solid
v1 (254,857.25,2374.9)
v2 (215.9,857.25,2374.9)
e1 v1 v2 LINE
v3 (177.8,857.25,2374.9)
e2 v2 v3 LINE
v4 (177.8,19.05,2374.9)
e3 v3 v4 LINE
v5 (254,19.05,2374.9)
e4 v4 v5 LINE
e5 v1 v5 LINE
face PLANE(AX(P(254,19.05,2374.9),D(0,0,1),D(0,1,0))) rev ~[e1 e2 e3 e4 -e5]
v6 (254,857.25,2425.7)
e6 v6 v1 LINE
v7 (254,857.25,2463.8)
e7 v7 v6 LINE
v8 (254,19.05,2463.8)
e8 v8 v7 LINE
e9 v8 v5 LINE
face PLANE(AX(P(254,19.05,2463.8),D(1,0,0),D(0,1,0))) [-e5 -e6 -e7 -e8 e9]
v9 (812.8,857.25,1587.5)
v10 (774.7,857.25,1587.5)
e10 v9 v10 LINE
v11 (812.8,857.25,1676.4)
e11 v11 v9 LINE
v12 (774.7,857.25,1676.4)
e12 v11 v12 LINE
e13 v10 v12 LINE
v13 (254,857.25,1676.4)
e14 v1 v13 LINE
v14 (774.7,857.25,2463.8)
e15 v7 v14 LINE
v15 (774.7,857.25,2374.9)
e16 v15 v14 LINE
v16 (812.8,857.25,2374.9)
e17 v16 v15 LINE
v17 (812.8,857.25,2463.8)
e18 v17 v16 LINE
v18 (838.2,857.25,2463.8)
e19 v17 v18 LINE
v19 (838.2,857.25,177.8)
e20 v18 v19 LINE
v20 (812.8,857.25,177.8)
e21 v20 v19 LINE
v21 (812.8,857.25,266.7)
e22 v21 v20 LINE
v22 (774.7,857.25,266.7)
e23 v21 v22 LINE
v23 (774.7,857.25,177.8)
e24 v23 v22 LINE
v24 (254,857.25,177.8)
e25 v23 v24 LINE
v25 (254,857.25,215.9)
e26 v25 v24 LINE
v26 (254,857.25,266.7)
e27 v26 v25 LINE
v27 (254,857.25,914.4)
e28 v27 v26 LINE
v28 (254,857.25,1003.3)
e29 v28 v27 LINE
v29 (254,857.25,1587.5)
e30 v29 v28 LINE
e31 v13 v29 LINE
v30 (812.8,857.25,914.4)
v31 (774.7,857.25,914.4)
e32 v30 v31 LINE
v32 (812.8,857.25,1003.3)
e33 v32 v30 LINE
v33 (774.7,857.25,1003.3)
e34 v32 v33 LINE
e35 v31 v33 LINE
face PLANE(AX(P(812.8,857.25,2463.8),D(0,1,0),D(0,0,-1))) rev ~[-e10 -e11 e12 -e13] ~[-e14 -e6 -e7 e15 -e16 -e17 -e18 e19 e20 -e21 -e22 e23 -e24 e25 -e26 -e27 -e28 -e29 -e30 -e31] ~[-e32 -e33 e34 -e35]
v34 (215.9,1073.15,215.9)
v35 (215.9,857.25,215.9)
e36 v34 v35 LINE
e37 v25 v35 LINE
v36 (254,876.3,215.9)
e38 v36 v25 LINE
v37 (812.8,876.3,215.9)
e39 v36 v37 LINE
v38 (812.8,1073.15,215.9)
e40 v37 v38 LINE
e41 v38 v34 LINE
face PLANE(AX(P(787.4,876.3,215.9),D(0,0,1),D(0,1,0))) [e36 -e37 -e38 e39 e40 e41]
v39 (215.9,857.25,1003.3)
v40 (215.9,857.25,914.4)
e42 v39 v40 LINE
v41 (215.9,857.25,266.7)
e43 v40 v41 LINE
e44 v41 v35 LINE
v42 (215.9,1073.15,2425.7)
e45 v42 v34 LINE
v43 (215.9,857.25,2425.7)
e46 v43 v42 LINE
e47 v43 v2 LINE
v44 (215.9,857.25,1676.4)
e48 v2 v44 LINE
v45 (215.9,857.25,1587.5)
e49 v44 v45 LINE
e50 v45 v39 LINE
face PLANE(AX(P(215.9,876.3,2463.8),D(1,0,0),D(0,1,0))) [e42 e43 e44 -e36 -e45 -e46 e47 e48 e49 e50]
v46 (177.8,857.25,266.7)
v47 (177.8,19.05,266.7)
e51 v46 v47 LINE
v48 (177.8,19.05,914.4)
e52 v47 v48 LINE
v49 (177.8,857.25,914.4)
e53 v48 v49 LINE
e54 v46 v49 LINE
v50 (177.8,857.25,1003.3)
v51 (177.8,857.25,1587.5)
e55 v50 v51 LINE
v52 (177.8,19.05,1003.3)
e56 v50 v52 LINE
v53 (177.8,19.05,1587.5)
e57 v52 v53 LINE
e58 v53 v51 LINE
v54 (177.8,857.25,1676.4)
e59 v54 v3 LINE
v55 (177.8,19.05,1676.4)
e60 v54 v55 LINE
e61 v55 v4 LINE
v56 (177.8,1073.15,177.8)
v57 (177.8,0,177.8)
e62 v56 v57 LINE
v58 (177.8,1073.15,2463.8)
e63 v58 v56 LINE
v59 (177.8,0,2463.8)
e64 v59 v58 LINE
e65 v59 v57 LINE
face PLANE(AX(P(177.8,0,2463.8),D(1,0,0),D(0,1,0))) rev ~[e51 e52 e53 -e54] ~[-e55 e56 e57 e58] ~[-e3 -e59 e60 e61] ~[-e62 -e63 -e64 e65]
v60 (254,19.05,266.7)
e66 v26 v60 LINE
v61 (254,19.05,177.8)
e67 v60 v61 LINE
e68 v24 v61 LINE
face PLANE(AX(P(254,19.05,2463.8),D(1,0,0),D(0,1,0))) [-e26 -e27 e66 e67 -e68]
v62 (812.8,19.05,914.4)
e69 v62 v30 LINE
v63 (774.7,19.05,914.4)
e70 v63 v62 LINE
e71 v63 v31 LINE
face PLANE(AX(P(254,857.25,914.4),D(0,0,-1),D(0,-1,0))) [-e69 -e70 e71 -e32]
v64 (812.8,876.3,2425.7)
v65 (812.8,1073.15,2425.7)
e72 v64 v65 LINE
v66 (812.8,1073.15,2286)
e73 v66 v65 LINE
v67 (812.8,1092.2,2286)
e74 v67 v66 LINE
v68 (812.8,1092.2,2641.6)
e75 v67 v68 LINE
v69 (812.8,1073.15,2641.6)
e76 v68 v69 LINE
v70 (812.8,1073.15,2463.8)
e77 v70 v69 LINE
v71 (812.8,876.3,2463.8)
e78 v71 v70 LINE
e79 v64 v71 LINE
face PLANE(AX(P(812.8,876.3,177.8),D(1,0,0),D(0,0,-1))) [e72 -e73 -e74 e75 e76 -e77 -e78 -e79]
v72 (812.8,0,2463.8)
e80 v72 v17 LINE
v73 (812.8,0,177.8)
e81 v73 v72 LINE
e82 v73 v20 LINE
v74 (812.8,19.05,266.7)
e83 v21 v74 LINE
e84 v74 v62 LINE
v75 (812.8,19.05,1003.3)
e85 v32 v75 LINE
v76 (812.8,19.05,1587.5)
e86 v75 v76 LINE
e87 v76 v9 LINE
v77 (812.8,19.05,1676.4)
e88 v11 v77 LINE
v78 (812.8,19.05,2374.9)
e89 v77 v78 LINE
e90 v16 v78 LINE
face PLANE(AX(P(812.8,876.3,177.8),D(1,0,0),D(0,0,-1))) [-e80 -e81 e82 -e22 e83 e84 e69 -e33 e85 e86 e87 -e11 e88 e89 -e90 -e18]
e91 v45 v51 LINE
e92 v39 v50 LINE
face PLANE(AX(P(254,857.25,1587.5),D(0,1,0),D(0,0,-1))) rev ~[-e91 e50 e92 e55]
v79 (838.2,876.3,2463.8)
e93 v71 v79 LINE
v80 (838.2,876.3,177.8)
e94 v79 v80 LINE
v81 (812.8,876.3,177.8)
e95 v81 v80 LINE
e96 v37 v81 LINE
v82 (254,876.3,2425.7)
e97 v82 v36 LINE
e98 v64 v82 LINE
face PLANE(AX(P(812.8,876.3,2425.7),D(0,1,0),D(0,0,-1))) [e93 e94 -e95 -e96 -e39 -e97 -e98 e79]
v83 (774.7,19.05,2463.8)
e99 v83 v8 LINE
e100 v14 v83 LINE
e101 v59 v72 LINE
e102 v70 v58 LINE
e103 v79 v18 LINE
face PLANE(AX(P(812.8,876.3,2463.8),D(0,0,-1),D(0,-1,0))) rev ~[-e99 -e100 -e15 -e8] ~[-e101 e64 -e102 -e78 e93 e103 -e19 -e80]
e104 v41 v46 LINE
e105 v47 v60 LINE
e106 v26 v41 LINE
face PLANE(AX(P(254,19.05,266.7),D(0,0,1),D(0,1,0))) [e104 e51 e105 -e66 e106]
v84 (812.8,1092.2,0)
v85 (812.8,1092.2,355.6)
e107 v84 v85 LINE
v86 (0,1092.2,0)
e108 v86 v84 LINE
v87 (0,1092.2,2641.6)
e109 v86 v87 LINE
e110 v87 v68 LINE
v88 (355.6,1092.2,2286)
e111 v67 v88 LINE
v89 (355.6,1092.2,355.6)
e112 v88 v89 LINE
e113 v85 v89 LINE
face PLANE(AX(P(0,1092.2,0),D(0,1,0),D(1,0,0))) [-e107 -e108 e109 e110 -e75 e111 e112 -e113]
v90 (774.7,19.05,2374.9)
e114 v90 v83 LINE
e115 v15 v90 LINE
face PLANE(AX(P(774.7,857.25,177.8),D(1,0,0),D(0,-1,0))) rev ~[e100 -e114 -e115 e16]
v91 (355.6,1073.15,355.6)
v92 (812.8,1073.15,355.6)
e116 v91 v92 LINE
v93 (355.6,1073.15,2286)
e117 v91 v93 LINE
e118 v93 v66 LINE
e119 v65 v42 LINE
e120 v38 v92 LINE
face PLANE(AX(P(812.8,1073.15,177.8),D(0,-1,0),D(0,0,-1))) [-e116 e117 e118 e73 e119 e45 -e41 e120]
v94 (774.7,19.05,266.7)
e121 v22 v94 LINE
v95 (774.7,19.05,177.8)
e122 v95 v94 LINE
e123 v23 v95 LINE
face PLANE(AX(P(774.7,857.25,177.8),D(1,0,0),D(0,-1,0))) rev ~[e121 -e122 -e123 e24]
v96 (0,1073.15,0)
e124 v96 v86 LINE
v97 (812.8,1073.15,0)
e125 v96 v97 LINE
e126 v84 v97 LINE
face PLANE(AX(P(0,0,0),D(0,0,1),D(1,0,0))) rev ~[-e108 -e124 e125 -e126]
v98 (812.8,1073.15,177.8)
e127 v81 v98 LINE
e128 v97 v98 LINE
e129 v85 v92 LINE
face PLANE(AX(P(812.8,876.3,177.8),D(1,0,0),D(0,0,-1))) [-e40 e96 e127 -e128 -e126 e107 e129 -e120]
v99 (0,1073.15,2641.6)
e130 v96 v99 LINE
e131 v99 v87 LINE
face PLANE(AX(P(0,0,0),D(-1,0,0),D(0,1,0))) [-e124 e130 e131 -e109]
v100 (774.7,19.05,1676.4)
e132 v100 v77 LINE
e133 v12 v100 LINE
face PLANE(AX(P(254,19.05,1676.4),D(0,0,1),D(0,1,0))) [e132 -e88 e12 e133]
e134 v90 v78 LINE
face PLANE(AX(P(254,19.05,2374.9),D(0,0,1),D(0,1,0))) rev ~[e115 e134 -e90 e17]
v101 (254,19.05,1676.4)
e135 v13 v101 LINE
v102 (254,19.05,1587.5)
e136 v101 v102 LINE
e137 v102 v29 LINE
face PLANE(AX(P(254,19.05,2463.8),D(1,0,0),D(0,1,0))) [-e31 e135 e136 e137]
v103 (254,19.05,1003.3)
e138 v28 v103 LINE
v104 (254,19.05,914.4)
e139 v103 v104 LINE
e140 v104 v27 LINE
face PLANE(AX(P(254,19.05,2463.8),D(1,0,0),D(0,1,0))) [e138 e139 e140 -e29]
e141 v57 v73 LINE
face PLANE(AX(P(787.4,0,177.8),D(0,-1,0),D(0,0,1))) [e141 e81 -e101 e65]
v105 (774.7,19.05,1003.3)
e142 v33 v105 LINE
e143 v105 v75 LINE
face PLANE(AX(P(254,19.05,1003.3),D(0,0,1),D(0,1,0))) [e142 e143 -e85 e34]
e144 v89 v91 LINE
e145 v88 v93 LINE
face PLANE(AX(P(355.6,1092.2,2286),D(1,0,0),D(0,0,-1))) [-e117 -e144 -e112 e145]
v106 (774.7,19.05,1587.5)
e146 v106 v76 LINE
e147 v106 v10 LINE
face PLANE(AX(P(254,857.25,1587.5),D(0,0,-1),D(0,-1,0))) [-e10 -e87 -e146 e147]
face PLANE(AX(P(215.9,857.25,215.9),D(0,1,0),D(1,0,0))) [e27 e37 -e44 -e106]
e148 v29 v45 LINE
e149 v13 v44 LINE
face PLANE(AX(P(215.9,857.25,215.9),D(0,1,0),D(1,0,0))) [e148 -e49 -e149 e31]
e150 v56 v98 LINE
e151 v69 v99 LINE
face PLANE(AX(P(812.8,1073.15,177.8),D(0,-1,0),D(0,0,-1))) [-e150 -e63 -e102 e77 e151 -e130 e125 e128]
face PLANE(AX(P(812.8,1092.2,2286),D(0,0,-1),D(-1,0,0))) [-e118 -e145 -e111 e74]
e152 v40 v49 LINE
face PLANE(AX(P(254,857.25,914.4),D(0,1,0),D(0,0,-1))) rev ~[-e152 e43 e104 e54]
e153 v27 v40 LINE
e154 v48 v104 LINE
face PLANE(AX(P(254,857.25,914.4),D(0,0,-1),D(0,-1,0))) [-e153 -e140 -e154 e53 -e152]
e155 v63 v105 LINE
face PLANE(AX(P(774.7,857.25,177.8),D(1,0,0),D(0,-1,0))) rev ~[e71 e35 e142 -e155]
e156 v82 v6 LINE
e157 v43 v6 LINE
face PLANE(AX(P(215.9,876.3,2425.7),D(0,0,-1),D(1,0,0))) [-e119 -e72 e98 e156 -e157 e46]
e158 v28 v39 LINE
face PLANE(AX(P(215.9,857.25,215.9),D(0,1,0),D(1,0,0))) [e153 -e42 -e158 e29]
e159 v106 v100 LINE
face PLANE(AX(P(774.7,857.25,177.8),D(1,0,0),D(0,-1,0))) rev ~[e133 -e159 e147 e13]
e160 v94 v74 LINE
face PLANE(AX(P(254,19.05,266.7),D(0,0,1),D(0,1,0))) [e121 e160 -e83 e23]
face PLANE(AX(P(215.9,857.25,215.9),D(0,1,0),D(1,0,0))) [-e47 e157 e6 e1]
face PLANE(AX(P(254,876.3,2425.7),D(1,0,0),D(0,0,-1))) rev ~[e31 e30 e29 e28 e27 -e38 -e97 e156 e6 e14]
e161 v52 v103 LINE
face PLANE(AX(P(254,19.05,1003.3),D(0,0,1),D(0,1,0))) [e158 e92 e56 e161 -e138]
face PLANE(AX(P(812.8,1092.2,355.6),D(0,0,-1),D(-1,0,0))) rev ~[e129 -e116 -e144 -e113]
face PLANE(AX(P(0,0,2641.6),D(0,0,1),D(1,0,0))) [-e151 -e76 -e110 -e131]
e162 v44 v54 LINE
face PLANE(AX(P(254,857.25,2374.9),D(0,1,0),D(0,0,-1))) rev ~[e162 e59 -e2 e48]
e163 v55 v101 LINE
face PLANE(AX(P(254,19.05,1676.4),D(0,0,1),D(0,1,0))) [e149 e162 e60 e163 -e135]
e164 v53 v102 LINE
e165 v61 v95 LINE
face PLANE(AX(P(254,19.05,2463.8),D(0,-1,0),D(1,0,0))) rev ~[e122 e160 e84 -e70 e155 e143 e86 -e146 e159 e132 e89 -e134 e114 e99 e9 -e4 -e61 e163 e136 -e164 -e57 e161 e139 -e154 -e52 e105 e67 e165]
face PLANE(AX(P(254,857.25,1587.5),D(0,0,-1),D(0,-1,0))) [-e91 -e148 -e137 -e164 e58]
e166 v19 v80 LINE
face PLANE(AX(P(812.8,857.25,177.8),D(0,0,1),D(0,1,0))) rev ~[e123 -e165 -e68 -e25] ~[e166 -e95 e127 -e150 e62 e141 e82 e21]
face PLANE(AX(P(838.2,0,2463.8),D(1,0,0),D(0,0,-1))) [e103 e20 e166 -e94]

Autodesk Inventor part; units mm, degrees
ref_plane "YZ Plane" through (0, 0, 0) normal (1, 0, 0) x (0, 1, 0)
ref_plane "XZ Plane" through (0, 0, 0) normal (0, 1, 0) x (-1, 0, 0)
ref_plane "XY Plane" through (0, 0, 0) normal (0, 0, 1) x (1, 0, 0)
sketch "Sketch1" plane through (0, 0, 0) normal (0, 0, 1) x (1, 0, 0)
  line L0 (0, 0) -> (0, 1092.2)
  line L1 (0, 1092.2) -> (812.8, 1092.2)
  line L2 (812.8, 1092.2) -> (812.8, 0)
  line L3 (812.8, 0) -> (0, 0)
  dimension "d0" = 1092.2
  dimension "d1" = 812.8
extrude "Extrusion1" add sketch "Sketch1" along normal blind 2641.6
sketch "Sketch2" plane through (812.8, 0, 0) normal (1, 0, 0) x (0, 0, -1)
  line L0 (-2641.6, 1092.2) -> (-2641.6, 0) projected
  line L1 (-2641.6, 0) -> (-2463.8, 0)
  line L2 (0, 0) -> (-2641.6, 0) projected
  line L3 (-2463.8, 0) -> (-2463.8, 1073.15)
  line L4 (-2463.8, 1073.15) -> (-2641.6, 1073.15)
  line L5 (-2641.6, 1073.15) -> (-2641.6, 0)
  line L6 (0, 1092.2) -> (0, 0) projected
  line L7 (0, 0) -> (-177.8, 0)
  line L8 (-177.8, 0) -> (-177.8, 1073.15)
  line L9 (-177.8, 1073.15) -> (0, 1073.15)
  line L10 (0, 1073.15) -> (0, 0)
  dimension "d4" = 177.8
  dimension "d5" = 1073.15
  dimension "d6" = 177.8
  dimension "d7" = 1073.15
extrude "Extrusion2" cut sketch "Sketch2" against normal blind 2641.6
sketch "Sketch3" plane through (812.8, 0, 2463.8) normal (0, 0, 1) x (1, 0, 0)
  line L0 (0, 0) -> (-812.8, 0) projected
  line L1 (-812.8, 0) -> (-635, 0)
  line L2 (-635, 0) -> (-635, 1073.15)
  line L3 (-812.8, 1073.15) -> (0, 1073.15) projected
  line L4 (-812.8, 1073.15) -> (-812.8, 0)
  line L5 (-812.8, 1092.2) -> (-812.8, 1073.15) projected
  line L6 (-635, 1073.15) -> (-812.8, 1073.15)
  dimension "d10" = 177.8
extrude "Extrusion3" cut sketch "Sketch3" against normal blind 2641.6
sketch "Sketch4" plane through (812.8, 0, 2463.8) normal (0, 0, 1) x (1, 0, 0)
  line L0 (0, 1073.15) -> (0, 0) projected
  line L1 (-635, 1073.15) -> (-635, 0) projected
  line L2 (-635, 0) -> (0, 0) projected
  line L3 (-635, 0) -> (-596.9, 0)
  line L4 (-596.9, 0) -> (-596.9, 19.05)
  line L5 (-596.9, 19.05) -> (-635, 19.05)
  line L6 (0, 0) -> (0, 1073.15) projected
  line L7 (0, 0) -> (0, 19.05)
  line L8 (0, 0) -> (-596.9, 0)
  line L9 (-596.9, 19.05) -> (-596.9, 1073.15)
  line L10 (-812.8, 1073.15) -> (0, 1073.15) projected
  line L11 (-635, 1073.15) -> (-596.9, 1073.15)
  line L12 (-635, 1073.15) -> (-635, 19.05)
  line L13 (-596.9, 19.05) -> (-558.8, 19.05)
  line L14 (-558.8, 19.05) -> (-558.8, 857.25)
  line L15 (-558.8, 857.25) -> (-596.9, 857.25)
  line L16 (-635, 0) -> (-635, 19.05)
  line L17 (-635, 19.05) -> (-25.4, 19.05)
  line L18 (-25.4, 19.05) -> (-25.4, 0)
  line L19 (-635, 0) -> (-25.4, 0)
  line L20 (-25.4, 19.05) -> (-63.5, 19.05)
  line L21 (-63.5, 19.05) -> (-63.5, 857.25)
  line L22 (-63.5, 857.25) -> (-25.4, 857.25)
  line L23 (-25.4, 857.25) -> (-25.4, 19.05)
  line L24 (-596.9, 857.25) -> (-596.9, 876.3)
  line L25 (-596.9, 876.3) -> (-25.4, 876.3)
  line L26 (-25.4, 876.3) -> (-25.4, 857.25)
  line L27 (-25.4, 857.25) -> (-596.9, 857.25)
  line L28 (-596.9, 876.3) -> (-596.9, 1092.2)
  line L29 (0, 1092.2) -> (-812.8, 1092.2) projected
  line L30 (-596.9, 1092.2) -> (0, 1092.2)
  line L31 (0, 1092.2) -> (0, 876.3)
  line L32 (-596.9, 876.3) -> (0, 876.3)
  line L33 (0, 876.3) -> (-25.4, 876.3)
  line L34 (-25.4, 876.3) -> (-25.4, 0)
  line L35 (0, 0) -> (-25.4, 0)
  line L36 (0, 0) -> (0, 876.3)
  point P0 (-812.8, 0)
  point P1 (-63.5, 857.25)
  point P2 (-25.4, 0)
  dimension "d13" = 635
  dimension "d15" = 19.05
  dimension "d16" = 38.1
  dimension "d17" = 838.2
  dimension "d18" = 609.6
  dimension "d19" = 38.1
  dimension "d20" = 838.2
  dimension "d21" = 19.05
extrude "Extrusion4" cut sketch "Sketch4" against normal blind 2641.6 contours L0 L32 L25 L9 L10 | L0 L2 L18 L23 L26 L32 | L21 L17 L14 L27
sketch "Sketch6" plane through (0, 1092.2, 0) normal (0, 1, 0) x (1, 0, 0)
  line L0 (0, 0) -> (0, -2641.6) projected
  line L1 (0, 0) -> (0, -177.8)
  line L2 (177.8, -2463.8) -> (177.8, -177.8) projected
  line L3 (0, -177.8) -> (177.8, -177.8)
  line L4 (177.8, -177.8) -> (355.6, -177.8)
  line L5 (177.8, -177.8) -> (787.4, -177.8) projected
  line L6 (177.8, -177.8) -> (177.8, 0)
  line L7 (812.8, 0) -> (0, 0) projected
  line L8 (177.8, 0) -> (812.8, 0)
  line L9 (812.8, -2641.6) -> (812.8, 0) projected
  line L10 (812.8, 0) -> (812.8, -355.6)
  line L11 (812.8, -355.6) -> (355.6, -355.6)
  line L12 (812.8, -2641.6) -> (812.8, -2286)
  line L13 (812.8, -2286) -> (355.6, -2286)
  line L14 (355.6, -2286) -> (355.6, -355.6)
  line L15 (812.8, -355.6) -> (812.8, -2286)
  dimension "d25" = 177.8
  dimension "d26" = 177.8
  dimension "d27" = 355.6
  dimension "d28" = 457.2
  dimension "d29" = 355.6
extrude "Extrusion5" cut sketch "Sketch6" against normal blind 25.4 contours L9 L13 L14 L11
sketch "Sketch7" plane through (215.9, 876.3, 2463.8) normal (0, 1, 0) x (1, 0, 0)
  line L0 (571.5, 0) -> (571.5, 2286) projected
  line L1 (0, 2286) -> (571.5, 2286)
  line L2 (571.5, 2286) -> (571.5, 2247.9)
  line L3 (0, 0) -> (0, 2286) projected
  line L4 (0, 2286) -> (0, 2247.9)
  line L5 (0, 2247.9) -> (571.5, 2247.9)
  line L6 (0, 0) -> (0, 38.1)
  line L7 (0, 38.1) -> (571.5, 38.1)
  line L8 (571.5, 0) -> (571.5, 38.1)
  line L9 (571.5, 0) -> (0, 0)
  point P0 (-215.9, 2463.8)
  point P1 (0, 38.1)
  dimension "d32" = 38.1
  dimension "d33" = 38.1
  dimension "d34" = 38.1
extrude "Extrusion6" add sketch "Sketch7" along normal blind 203.2 contours L9 L3 L7 L0 | L5 L3 L1 L0
sketch "Sketch8" plane through (177.8, 0, 177.8) normal (0, -1, 0) x (1, 0, 0)
  line L0 (609.6, 0) -> (609.6, 2286) projected
  line L1 (0, 2286) -> (0, 0) projected
  point P0 (-177.8, -177.8)
sketch "Sketch9" plane through (787.4, 0, 2463.8) normal (1, 0, 0) x (0, 0, -1)
  line L0 (38.1, 876.3) -> (2247.9, 876.3) projected
  line L1 (38.1, 876.3) -> (0, 876.3)
  line L2 (0, 1073.15) -> (0, 0) projected
  line L3 (0, 19.05) -> (0, 857.25) projected
  line L4 (0, 876.3) -> (0, 857.25)
  line L5 (0, 857.25) -> (2286, 857.25) projected
  line L6 (0, 857.25) -> (2286, 857.25)
  line L7 (2286, 857.25) -> (2286, 876.3)
  line L8 (2286, 0) -> (2286, 1073.15) projected
  line L9 (2286, 876.3) -> (0, 876.3)
  point P0 (2463.8, 0)
  dimension "d38" = 19.05
  dimension "d39" = 2286
extrude "Extrusion7" add sketch "Sketch9" along normal blind 25.4
sketch "Sketch10" plane through (215.9, 876.3, 215.9) normal (0, 1, 0) x (1, 0, 0)
  line L0 (596.9, 38.1) -> (596.9, -2247.9) projected
  line L1 (0, -2209.8) -> (0, 0) projected
  point P0 (-215.9, 215.9)
sketch "Sketch11" plane through (215.9, 876.3, 215.9) normal (1, 0, 0) x (0, 0, -1)
  line L0 (-2209.8, 0) -> (-2209.8, 196.85)
  line L1 (-2247.9, 196.85) -> (38.1, 196.85) projected
  line L2 (0, 0) -> (0, 196.85) projected
  line L3 (0, 196.85) -> (-2209.8, 196.85)
  line L4 (-2209.8, 0) -> (0, 0) projected
  line L5 (-2209.8, 0) -> (0, 0)
  line L6 (0, 0) -> (0, 196.85)
  line L7 (0, 0) -> (0, 196.85)
  point P0 (215.9, -876.3)
sketch "Sketch12" plane through (787.4, 0, 2463.8) normal (1, 0, 0) x (0, 0, -1)
  line L0 (0, 0) -> (0, 857.25) projected
  line L1 (0, 857.25) -> (2286, 857.25) projected
  line L2 (0, 0) -> (0, 857.25)
  line L3 (0, 857.25) -> (2286, 857.25)
  line L4 (2286, 857.25) -> (2286, 0) projected
  line L5 (2286, 857.25) -> (2286, 0)
  line L6 (2286, 0) -> (0, 0)
  point P0 (2463.8, 0)
extrude "Extrusion8" add sketch "Sketch12" along normal blind 25.4
sketch "Sketch13" plane through (787.4, 876.3, 2463.8) normal (1, 0, 0) x (0, 0, -1)
  line L0 (38.1, 0) -> (38.1, 196.85) projected
  line L1 (0, 196.85) -> (38.1, 196.85)
  line L2 (38.1, 196.85) -> (38.1, 0)
  line L3 (38.1, 0) -> (0, 0)
  line L4 (0, 0) -> (0, 196.85)
  point P0 (2463.8, -876.3)
extrude "Extrusion9" add sketch "Sketch13" along normal blind 25.4
sketch "Sketch14" plane through (787.4, 876.3, 177.8) normal (1, 0, 0) x (0, 0, -1)
  line L0 (-38.1, 0) -> (-38.1, 196.85) projected
  line L1 (0, 196.85) -> (0, 0) projected
  line L2 (-38.1, 196.85) -> (0, 196.85)
  line L3 (0, 196.85) -> (0, 0)
  line L4 (0, 0) -> (-38.1, 0)
  line L5 (-38.1, 0) -> (-38.1, 196.85)
  point P0 (177.8, -876.3)
extrude "Extrusion10" add sketch "Sketch14" along normal blind 25.4
sketch "Sketch15" plane through (812.8, 0, 2463.8) normal (1, 0, 0) x (0, 0, -1)
  line L0 (38.1, 876.3) -> (2247.9, 876.3) projected
  line L1 (0, 857.25) -> (2286, 857.25) projected
  line L2 (38.1, 876.3) -> (0, 876.3)
  line L3 (0, 876.3) -> (0, 857.25)
  line L4 (0, 857.25) -> (2286, 857.25)
  line L5 (2286, 0) -> (2286, 1073.15) projected
  line L6 (2286, 857.25) -> (2286, 876.3)
  line L7 (0, 876.3) -> (2286, 876.3)
  point P0 (2463.8, 0)
extrude "Extrusion11" add sketch "Sketch15" along normal blind 25.4
sketch "Sketch16" plane through (215.9, 876.3, 215.9) normal (0, 1, 0) x (1, 0, 0)
  line L0 (0, -2209.8) -> (596.9, -2209.8) projected
  line L1 (0, -2209.8) -> (38.1, -2209.8)
  point P0 (-215.9, 215.9)
  dimension "d51" = 38.1
sketch "Sketch17" plane through (215.9, 876.3, 215.9) normal (0, 1, 0) x (1, 0, 0)
  line L0 (0, -2209.8) -> (0, 0) projected
  line L1 (0, -2209.8) -> (38.1, -2209.8)
  line L2 (38.1, -2247.9) -> (38.1, 38.1) projected
  line L3 (38.1, -2209.8) -> (38.1, 0)
  line L4 (596.9, 0) -> (0, 0) projected
  line L5 (0, 0) -> (38.1, 4.2904)
  line L6 (38.1, 0) -> (0, 0)
  line L7 (0, 0) -> (0, -2209.8)
  point P0 (-215.9, 215.9)
  dimension "d52" = 38.1
extrude "Extrusion12" cut sketch "Sketch17" against normal blind 19.05 contours L0 L4 L2 L1
sketch "Sketch18" plane through (812.8, 0, 177.8) normal (0, 0, -1) x (-1, 0, 0)
  line L0 (558.8, 857.25) -> (63.5, 857.25) projected
  line L1 (63.5, 857.25) -> (38.1, 857.25)
  line L2 (38.1, 857.25) -> (38.1, 19.05)
  line L3 (38.1, 19.05) -> (63.5, 19.05)
  line L4 (63.5, 19.05) -> (63.5, 857.25) projected
  line L5 (63.5, 19.05) -> (63.5, 857.25)
  point P0 (812.8, 0)
  dimension "d58" = 25.4
  dimension "d59" = 838.2
extrude "Extrusion13" cut sketch "Sketch18" against normal blind 3810
sketch "Sketch21" plane through (254, 19.05, 2463.8) normal (1, 0, 0) x (0, 0, -1)
  line L0 (0, 0) -> (88.9, 0)
  line L1 (88.9, 0) -> (88.9, 838.2)
  line L2 (38.1, 838.2) -> (2247.9, 838.2) projected
  line L3 (88.9, 838.2) -> (0, 838.2)
  line L4 (0, 838.2) -> (0, 0)
  line L5 (88.9, 0) -> (787.4, 0)
  line L6 (0, 0) -> (2286, 0) projected
  line L7 (787.4, 0) -> (787.4, 838.2)
  line L8 (787.4, 838.2) -> (876.3, 838.2)
  line L9 (876.3, 838.2) -> (876.3, 0)
  line L10 (88.9, 838.2) -> (787.4, 838.2)
  line L11 (38.1, 838.2) -> (2247.9, 838.2) projected
  line L12 (876.3, 0) -> (1460.5, 0)
  line L13 (1460.5, 0) -> (1460.5, 838.2)
  line L14 (1460.5, 838.2) -> (1549.4, 838.2)
  line L15 (1549.4, 838.2) -> (1549.4, 0)
  line L16 (1549.4, 0) -> (1460.5, 0)
  line L17 (2286, 838.2) -> (2286, 0) projected
  line L18 (2286, 0) -> (2197.1, 0)
  line L19 (2197.1, 0) -> (2197.1, 838.2)
  line L20 (2197.1, 838.2) -> (1549.4, 838.2)
  line L21 (2197.1, 0) -> (1549.4, 0)
  line L22 (0, -19.05) -> (2286, -19.05) projected
  point P0 (2463.8, -19.05)
  point P1 (876.3, 0)
  dimension "d72" = 88.9
  dimension "d73" = 698.5
  dimension "d74" = 838.2
  dimension "d75" = 88.9
  dimension "d76" = 584.2
  dimension "d77" = 838.2
  dimension "d78" = 88.9
  dimension "d79" = 838.2
  dimension "d80" = 88.9
  dimension "d81" = 838.2
extrude "Extrusion14" cut sketch "Sketch21" along normal through all both and the other way through all contours L1 L2 L7 L5 | L9 L2 L13 L6 | L15 L2 L19 L6
sketch "Sketch22" plane through (812.8, 0, 177.8) normal (0, 0, -1) x (-1, 0, 0)
  line L0 (0, 876.3) -> (558.8, 876.3) projected
  line L1 (0, 876.3) -> (38.1, 876.3)
  point P0 (812.8, 0)
  dimension "d84" = 38.1
properties part number "bardraft"
